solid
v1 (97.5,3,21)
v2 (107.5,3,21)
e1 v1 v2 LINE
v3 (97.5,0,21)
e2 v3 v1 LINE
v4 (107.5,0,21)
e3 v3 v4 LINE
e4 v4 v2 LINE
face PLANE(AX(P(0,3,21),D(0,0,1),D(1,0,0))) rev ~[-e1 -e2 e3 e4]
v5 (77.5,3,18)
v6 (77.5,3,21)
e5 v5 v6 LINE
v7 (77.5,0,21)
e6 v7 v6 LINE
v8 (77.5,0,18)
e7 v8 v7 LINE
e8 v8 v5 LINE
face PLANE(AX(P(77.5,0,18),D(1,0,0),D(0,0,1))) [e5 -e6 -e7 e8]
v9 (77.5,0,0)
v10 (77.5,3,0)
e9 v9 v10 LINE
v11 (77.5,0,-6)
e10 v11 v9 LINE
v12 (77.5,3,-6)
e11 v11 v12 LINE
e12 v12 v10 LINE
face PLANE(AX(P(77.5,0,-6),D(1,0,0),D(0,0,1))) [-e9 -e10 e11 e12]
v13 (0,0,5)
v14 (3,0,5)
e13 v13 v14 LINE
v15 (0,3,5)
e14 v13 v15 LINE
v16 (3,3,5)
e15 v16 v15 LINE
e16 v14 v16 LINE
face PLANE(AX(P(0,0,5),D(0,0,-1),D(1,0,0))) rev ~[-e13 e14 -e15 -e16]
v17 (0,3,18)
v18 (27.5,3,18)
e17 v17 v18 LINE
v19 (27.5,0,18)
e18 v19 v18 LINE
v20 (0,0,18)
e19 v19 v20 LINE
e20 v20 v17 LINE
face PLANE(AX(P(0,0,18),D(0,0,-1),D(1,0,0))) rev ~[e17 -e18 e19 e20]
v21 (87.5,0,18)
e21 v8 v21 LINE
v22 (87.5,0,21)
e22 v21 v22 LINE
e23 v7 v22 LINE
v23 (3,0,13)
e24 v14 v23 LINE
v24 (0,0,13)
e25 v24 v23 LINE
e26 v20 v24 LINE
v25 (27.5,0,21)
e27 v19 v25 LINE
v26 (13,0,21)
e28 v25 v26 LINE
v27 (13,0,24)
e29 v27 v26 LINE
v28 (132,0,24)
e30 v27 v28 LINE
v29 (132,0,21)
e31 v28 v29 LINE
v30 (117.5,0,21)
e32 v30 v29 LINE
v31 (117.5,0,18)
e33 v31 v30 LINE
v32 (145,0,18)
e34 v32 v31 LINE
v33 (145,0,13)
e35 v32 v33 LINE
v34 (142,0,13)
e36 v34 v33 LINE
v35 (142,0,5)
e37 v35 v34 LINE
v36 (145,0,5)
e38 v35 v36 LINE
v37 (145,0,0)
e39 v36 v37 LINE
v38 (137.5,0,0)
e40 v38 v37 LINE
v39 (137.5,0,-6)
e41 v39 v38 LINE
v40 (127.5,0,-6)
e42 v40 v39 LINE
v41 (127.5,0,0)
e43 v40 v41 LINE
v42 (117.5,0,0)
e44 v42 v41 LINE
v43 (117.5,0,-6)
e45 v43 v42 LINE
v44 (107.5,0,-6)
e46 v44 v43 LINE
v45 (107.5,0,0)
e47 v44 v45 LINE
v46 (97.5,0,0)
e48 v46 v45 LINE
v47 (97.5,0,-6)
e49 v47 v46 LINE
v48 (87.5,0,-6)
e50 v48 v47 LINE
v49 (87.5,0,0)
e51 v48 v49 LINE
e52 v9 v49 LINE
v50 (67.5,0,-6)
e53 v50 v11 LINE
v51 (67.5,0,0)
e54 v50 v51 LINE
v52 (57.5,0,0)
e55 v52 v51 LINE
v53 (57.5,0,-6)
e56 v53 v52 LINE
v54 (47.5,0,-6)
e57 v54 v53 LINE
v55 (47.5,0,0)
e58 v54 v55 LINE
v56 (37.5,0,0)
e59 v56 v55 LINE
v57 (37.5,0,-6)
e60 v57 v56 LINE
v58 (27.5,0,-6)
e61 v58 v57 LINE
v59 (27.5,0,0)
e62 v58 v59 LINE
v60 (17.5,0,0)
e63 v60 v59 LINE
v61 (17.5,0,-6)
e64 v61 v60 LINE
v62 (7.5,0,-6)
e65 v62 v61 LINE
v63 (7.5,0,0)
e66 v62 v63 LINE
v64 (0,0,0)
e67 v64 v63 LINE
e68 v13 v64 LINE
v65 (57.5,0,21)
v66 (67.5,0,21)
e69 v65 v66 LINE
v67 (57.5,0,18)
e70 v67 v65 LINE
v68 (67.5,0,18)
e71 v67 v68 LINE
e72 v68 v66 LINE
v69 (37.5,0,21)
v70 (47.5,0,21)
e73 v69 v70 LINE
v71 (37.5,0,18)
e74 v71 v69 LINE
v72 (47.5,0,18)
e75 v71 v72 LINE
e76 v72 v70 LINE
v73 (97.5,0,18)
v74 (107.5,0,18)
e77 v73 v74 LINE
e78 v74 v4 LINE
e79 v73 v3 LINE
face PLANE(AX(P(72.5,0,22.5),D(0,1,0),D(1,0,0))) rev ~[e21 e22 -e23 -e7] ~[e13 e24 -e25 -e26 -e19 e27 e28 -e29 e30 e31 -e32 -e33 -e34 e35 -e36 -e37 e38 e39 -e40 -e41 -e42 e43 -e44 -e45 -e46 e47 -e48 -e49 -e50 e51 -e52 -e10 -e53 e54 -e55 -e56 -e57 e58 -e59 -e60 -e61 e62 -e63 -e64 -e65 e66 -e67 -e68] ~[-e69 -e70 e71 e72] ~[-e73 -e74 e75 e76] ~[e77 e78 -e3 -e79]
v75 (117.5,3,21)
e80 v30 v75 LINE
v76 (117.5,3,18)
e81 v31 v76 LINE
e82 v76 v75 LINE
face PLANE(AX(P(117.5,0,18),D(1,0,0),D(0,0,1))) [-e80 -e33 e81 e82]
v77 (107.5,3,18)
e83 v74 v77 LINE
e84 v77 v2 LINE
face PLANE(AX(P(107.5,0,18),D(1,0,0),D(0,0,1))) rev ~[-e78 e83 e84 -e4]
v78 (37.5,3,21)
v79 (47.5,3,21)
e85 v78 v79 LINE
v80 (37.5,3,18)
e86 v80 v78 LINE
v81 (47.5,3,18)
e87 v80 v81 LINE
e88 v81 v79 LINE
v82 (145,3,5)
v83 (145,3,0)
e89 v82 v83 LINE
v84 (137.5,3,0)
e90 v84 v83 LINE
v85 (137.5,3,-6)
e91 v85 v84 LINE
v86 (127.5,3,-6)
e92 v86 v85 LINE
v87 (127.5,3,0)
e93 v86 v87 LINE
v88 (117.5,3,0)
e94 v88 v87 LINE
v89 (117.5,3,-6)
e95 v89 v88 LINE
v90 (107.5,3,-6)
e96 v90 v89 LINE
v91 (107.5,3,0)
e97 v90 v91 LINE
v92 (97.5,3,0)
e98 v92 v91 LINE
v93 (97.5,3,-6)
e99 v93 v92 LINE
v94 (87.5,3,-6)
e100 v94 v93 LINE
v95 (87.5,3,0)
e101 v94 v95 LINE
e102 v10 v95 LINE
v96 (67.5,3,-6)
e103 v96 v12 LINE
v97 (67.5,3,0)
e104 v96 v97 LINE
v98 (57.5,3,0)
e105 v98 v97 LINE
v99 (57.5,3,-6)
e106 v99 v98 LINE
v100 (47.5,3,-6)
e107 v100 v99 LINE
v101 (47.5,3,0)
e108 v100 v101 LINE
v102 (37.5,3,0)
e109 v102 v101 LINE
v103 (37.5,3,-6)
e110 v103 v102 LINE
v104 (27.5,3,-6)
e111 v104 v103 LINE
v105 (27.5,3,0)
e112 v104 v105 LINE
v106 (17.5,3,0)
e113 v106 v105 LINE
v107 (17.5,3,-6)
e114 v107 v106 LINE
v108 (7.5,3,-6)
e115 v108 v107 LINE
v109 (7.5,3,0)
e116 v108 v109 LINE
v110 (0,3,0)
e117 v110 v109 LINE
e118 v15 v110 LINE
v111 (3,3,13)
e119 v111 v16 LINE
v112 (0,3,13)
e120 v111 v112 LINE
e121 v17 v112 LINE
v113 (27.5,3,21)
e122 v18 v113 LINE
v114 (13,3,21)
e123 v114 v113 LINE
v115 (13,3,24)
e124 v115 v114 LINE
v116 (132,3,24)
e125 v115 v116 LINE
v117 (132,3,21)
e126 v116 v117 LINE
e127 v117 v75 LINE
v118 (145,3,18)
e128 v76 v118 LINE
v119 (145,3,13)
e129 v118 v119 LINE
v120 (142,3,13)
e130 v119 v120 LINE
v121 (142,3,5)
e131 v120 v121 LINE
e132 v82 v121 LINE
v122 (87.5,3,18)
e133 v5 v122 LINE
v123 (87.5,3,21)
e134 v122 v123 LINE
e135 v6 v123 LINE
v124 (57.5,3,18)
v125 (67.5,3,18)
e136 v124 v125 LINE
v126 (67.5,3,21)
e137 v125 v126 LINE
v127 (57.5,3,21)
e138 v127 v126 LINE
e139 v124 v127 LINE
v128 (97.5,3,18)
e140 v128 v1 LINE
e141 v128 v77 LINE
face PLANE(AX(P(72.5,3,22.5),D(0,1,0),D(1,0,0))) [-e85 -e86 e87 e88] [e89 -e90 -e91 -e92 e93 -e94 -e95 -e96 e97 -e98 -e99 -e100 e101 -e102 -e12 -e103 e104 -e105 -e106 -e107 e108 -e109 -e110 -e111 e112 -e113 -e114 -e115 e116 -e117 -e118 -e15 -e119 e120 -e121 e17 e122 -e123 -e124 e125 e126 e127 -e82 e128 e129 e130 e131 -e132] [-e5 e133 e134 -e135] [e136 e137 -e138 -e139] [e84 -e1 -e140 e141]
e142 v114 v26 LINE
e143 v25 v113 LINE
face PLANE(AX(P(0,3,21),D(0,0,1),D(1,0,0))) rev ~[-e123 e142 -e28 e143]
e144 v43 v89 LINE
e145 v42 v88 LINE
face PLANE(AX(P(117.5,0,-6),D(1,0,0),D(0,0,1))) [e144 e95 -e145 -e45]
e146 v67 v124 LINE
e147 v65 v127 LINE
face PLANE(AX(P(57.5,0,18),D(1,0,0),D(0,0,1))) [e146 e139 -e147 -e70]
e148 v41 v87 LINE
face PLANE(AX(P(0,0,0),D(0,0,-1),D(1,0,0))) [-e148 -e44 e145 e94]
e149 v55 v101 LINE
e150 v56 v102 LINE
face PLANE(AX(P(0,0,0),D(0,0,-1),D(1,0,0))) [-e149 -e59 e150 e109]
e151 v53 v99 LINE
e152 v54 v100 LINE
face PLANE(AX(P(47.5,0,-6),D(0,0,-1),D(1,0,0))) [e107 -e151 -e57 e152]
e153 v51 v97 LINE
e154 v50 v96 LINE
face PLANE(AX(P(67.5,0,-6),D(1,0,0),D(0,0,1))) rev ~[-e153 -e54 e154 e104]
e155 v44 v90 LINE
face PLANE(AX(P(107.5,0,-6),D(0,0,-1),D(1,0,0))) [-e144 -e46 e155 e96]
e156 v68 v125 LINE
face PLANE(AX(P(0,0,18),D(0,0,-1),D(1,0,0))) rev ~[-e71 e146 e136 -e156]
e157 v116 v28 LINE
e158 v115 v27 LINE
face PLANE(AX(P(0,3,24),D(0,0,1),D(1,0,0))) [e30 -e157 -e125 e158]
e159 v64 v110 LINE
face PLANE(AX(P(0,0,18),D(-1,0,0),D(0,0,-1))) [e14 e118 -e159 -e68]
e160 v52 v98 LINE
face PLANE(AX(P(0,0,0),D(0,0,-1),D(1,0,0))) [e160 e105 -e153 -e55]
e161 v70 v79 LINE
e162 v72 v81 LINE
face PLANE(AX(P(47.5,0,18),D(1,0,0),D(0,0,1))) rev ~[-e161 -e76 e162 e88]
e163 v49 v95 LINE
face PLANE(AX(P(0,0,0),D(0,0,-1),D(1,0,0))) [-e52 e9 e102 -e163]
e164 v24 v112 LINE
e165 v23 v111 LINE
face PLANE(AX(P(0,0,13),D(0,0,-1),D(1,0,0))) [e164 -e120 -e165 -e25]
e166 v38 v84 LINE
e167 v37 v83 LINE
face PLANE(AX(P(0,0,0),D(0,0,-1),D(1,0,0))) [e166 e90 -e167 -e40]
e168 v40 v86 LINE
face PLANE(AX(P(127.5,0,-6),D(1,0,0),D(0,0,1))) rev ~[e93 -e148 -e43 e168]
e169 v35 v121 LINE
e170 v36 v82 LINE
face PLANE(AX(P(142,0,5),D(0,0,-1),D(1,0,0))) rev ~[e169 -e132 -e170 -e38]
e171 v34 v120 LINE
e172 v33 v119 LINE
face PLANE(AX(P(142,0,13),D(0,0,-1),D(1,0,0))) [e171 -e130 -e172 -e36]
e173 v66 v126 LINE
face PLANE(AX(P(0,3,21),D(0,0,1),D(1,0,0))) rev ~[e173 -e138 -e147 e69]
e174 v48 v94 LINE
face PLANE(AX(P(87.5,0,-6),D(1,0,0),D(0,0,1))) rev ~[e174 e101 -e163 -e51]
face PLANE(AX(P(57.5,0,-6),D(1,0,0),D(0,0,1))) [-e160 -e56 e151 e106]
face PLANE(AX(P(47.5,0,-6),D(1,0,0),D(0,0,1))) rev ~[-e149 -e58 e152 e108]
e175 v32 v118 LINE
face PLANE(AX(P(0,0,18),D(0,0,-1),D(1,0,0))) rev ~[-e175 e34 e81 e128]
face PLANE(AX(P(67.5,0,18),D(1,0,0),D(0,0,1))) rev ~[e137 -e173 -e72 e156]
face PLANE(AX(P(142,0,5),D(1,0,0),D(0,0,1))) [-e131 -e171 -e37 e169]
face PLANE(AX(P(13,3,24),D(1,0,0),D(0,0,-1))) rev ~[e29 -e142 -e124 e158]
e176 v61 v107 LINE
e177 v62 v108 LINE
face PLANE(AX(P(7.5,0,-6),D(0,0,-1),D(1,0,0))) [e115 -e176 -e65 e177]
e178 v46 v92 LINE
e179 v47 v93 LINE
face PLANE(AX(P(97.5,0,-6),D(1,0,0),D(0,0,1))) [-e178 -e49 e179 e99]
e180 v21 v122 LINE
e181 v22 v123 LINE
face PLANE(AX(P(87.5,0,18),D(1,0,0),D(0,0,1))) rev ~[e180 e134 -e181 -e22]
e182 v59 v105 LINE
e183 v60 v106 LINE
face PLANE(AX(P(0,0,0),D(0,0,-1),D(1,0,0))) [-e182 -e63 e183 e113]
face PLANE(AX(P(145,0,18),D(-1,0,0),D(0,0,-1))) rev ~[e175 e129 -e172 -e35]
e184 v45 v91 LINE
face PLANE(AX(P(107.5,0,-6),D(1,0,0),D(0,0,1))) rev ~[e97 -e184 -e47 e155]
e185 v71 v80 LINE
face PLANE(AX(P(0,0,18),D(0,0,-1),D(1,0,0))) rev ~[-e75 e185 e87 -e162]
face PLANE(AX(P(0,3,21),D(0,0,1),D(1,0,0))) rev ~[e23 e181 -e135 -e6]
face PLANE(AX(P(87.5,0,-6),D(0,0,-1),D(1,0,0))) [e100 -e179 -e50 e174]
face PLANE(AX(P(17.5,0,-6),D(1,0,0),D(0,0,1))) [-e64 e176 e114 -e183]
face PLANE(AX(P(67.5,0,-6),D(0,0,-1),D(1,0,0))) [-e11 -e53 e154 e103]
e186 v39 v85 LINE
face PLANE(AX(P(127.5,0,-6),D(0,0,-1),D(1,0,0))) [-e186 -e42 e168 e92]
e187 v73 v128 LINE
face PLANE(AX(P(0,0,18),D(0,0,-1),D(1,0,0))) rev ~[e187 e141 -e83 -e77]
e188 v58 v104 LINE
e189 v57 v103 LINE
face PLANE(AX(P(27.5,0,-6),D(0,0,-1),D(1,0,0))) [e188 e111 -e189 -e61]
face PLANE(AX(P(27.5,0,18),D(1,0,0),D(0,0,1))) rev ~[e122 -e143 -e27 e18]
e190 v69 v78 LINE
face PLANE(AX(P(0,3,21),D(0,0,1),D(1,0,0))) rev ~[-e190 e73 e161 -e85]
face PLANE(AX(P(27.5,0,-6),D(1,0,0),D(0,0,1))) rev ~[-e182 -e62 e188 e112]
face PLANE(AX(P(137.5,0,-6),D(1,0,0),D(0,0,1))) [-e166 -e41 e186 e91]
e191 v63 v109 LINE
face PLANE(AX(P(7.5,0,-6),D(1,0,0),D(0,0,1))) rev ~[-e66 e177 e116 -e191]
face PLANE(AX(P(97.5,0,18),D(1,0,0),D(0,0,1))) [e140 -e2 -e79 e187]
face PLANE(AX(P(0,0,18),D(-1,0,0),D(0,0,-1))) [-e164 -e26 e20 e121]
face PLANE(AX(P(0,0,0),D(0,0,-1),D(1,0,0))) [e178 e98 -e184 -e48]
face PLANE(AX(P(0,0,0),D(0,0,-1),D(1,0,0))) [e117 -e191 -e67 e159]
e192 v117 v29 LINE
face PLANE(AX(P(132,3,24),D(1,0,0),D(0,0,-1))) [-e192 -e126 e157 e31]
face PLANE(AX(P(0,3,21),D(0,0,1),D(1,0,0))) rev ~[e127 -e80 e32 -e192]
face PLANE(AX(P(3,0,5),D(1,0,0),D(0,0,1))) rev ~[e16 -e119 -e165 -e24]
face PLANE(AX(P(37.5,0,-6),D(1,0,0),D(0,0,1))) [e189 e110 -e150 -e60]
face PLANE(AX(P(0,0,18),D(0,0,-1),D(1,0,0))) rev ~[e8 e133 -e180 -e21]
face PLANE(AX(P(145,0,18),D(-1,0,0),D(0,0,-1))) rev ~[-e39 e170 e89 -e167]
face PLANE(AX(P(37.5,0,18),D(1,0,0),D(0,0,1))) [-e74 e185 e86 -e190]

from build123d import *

# Parameters (mm, degrees)
SKETCH1_W           = 145
SKETCH1_H           = 18
BOSS_EXTRUDE1_DEPTH = 3
SKETCH2_W           = 10
SKETCH2_H           = 3
SKETCH2_H_2         = 6
BOSS_EXTRUDE2_DEPTH = 3
LPATTERN1_COUNT     = 4
LPATTERN1_PITCH     = 20
LPATTERN1_COL_COUNT = 4
LPATTERN1_COL_PITCH = 20
SKETCH3_W           = 145
SKETCH3_H           = 3
BOSS_EXTRUDE3_DEPTH = 3
SKETCH4_W           = 10
SKETCH4_H           = 3
CUT_EXTRUDE1_DEPTH  = 148.003401321
SKETCH5_W           = 13
SKETCH5_H           = 3
CUT_EXTRUDE2_DEPTH  = 148.003401321
SKETCH6_W           = 3
SKETCH6_H           = 8
CUT_EXTRUDE3_DEPTH  = 148.003401321


with BuildPart() as part:
    # Sketch1 → Boss-Extrude1 (new body)
    with BuildSketch(Plane(origin=(0, 0, 0), x_dir=(1, 0, 0), z_dir=(0, 1, 0))):
        with Locations((72.5, -9)):
            Rectangle(SKETCH1_W, SKETCH1_H)
    extrude(amount=BOSS_EXTRUDE1_DEPTH)

    # Sketch2 → Boss-Extrude2 (add, through all)
    with BuildSketch(Plane.XZ):
        with Locations((72.5, 19.5)):
            Rectangle(SKETCH2_W, SKETCH2_H)
        with Locations((72.5, -3)):
            Rectangle(SKETCH2_W, SKETCH2_H_2)
    boss_extrude2 = extrude(amount=-BOSS_EXTRUDE2_DEPTH)

    # LPattern1: Boss-Extrude2 ×4
    with Locations(*[(i * LPATTERN1_PITCH, 0, 0) for i in range(1, LPATTERN1_COUNT)]):
        add(boss_extrude2)

    # LPattern1 col: Boss-Extrude2 ×4
    with Locations(*[(-i * LPATTERN1_COL_PITCH, 0, 0) for i in range(1, LPATTERN1_COL_COUNT)]):
        add(boss_extrude2)

    # Sketch3 → Boss-Extrude3 (add, through all)
    with BuildSketch(Plane(origin=(0, 3, 0), x_dir=(1, 0, 0), z_dir=(0, 1, 0))):
        with Locations((72.5, -22.5)):
            Rectangle(SKETCH3_W, SKETCH3_H)
    extrude(amount=-BOSS_EXTRUDE3_DEPTH)

    # Sketch4 → Cut-Extrude1 (cut, through all)
    with BuildSketch(Plane(origin=(0, 3, 0), x_dir=(1, 0, 0), z_dir=(0, 1, 0))):
        with Locations((12.5, -19.5)):
            Rectangle(SKETCH4_W, SKETCH4_H)
        with Locations((132.5, -19.5)):
            Rectangle(SKETCH4_W, SKETCH4_H)
    extrude(amount=-CUT_EXTRUDE1_DEPTH, mode=Mode.SUBTRACT)

    # Sketch5 → Cut-Extrude2 (cut, through all)
    with BuildSketch(Plane(origin=(0, 3, 0), x_dir=(1, 0, 0), z_dir=(0, 1, 0))):
        with Locations((6.5, -22.5)):
            Rectangle(SKETCH5_W, SKETCH5_H)
        with Locations((138.5, -22.5)):
            Rectangle(SKETCH5_W, SKETCH5_H)
    extrude(amount=-CUT_EXTRUDE2_DEPTH, mode=Mode.SUBTRACT)

    # Sketch6 → Cut-Extrude3 (cut, through all)
    with BuildSketch(Plane.XZ):
        with Locations((1.5, 9)):
            Rectangle(SKETCH6_W, SKETCH6_H)
        with Locations((143.5, 9)):
            Rectangle(SKETCH6_W, SKETCH6_H)
    extrude(amount=-CUT_EXTRUDE3_DEPTH, mode=Mode.SUBTRACT)


solid = part.part
